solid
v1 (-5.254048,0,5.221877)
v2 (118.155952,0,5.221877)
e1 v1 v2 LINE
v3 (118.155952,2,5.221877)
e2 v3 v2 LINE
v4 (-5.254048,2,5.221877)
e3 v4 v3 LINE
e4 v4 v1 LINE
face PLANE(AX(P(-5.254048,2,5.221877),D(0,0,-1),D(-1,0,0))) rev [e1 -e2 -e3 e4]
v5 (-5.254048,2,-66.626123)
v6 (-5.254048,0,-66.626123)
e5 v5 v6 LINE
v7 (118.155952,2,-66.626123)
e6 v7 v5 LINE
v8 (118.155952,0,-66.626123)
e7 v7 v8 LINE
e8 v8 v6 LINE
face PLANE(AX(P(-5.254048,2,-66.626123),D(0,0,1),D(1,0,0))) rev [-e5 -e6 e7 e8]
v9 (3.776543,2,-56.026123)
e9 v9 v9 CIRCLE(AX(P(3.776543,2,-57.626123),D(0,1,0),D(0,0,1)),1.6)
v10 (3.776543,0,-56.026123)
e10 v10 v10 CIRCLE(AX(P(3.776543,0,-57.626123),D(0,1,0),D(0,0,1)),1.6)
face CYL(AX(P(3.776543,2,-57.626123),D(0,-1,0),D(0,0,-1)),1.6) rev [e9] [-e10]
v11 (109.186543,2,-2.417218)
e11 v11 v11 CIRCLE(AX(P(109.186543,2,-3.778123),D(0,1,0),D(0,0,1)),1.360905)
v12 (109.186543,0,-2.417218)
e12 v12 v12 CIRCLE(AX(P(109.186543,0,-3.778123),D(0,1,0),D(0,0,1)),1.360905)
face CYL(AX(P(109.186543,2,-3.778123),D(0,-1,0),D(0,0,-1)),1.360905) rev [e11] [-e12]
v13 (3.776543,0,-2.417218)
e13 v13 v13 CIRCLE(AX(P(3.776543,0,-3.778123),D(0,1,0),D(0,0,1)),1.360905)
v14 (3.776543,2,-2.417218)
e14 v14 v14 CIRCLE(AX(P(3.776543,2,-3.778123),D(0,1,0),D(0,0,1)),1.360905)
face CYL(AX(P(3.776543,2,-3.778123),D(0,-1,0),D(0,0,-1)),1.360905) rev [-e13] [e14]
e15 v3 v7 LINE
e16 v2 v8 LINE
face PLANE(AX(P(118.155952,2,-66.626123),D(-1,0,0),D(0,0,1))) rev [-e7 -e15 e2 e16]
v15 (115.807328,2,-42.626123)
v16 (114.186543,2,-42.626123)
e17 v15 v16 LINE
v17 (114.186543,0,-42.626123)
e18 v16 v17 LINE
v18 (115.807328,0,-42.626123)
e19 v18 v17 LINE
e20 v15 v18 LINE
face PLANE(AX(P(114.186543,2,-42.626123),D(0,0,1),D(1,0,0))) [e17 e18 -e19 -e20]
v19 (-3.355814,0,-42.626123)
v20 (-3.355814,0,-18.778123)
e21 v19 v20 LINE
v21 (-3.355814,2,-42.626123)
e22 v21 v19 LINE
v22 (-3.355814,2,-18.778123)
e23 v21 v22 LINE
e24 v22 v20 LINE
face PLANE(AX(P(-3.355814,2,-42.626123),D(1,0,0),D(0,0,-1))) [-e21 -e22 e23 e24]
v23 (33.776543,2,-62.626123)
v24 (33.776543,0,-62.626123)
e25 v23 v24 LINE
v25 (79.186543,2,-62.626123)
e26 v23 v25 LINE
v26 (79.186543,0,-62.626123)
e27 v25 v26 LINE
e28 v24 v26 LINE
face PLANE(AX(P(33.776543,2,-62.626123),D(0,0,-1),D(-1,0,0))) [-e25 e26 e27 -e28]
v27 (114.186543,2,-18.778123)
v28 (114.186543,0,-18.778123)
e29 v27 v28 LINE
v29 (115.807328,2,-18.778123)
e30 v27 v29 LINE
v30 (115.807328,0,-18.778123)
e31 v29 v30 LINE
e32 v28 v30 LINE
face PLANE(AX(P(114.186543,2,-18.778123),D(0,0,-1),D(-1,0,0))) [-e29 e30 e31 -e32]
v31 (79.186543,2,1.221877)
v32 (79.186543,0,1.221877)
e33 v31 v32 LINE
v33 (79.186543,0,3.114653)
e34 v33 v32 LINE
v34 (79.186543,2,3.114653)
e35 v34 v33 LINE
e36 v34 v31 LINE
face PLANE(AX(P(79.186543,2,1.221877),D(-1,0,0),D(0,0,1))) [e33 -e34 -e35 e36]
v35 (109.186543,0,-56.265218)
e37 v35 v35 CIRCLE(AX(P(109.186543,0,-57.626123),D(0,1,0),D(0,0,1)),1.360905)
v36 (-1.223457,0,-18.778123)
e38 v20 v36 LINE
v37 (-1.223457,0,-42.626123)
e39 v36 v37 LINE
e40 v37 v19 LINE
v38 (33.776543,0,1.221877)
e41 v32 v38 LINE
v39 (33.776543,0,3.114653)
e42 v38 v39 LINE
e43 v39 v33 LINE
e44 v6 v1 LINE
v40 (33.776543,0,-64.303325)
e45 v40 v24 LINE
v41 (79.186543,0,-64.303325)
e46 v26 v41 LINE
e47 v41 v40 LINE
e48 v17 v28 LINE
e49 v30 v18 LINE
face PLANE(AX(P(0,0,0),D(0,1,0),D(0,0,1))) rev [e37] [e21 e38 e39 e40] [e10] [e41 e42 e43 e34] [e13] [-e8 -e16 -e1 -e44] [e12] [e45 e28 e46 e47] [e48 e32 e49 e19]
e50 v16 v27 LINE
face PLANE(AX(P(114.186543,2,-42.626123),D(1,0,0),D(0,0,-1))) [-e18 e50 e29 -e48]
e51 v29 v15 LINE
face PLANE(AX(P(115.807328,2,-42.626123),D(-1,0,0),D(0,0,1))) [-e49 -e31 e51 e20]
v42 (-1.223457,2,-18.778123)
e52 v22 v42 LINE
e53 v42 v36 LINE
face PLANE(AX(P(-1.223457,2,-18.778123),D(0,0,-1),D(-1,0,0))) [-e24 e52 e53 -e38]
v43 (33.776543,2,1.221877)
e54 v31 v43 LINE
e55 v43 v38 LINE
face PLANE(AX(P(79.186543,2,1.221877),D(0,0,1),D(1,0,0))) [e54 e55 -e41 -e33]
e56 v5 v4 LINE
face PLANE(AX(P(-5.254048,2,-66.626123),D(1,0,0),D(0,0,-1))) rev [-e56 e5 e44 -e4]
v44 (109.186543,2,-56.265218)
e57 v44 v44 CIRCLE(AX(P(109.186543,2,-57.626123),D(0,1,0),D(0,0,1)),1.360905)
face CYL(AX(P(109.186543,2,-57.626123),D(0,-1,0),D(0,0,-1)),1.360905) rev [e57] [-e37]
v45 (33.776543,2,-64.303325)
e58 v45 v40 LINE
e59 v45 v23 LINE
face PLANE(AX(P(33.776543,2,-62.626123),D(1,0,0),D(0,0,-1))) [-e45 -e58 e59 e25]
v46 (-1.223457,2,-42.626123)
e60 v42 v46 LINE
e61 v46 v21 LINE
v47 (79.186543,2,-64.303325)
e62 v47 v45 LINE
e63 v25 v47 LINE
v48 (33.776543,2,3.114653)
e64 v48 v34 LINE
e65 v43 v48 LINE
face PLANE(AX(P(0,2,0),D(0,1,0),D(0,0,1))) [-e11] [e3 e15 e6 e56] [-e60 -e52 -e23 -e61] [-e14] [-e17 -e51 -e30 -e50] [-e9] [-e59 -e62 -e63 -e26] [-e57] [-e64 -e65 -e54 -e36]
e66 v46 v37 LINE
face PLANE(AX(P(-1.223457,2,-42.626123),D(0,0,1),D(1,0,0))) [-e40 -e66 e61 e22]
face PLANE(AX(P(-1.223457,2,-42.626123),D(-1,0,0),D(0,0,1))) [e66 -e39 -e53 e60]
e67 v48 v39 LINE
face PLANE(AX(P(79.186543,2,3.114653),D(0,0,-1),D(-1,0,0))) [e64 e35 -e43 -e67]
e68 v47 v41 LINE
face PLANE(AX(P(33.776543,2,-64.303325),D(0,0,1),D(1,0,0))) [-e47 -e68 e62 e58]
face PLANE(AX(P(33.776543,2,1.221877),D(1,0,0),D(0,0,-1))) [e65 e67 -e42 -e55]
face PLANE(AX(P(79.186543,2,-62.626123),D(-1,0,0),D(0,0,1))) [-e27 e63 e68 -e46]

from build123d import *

# Parameters (mm, degrees)
SKETCH2_W           = 123.41
SKETCH2_H           = 71.848
SKETCH2_R           = 1.360904611
SKETCH2_R_2         = 1.6
SKETCH2_W_2         = 2.132357215
SKETCH2_H_2         = 23.848
SKETCH2_W_3         = 45.41
SKETCH2_H_3         = 1.677202247
SKETCH2_W_4         = 1.620785214
SKETCH2_H_4         = 1.892776038
BOSS_EXTRUDE1_DEPTH = 2


with BuildPart() as part:
    # Sketch2 → Boss-Extrude1 (new body)
    with BuildSketch(Plane(origin=(0, 0, 0), x_dir=(1, 0, 0), z_dir=(0, 1, 0))):
        with Locations((56.450952339, 30.702122774)):
            Rectangle(SKETCH2_W, SKETCH2_H)
        with Locations(Location((3.77654317, 3.778122774, 0), (0, 0, 270))):
            Circle(SKETCH2_R, mode=Mode.SUBTRACT)
        with Locations(Location((109.18654317, 3.778122774, 0), (0, 0, 270))):
            Circle(SKETCH2_R, mode=Mode.SUBTRACT)
        with Locations(Location((3.77654317, 57.626122774, 0), (0, 0, 270))):
            Circle(SKETCH2_R_2, mode=Mode.SUBTRACT)
        with Locations(Location((109.18654317, 57.626122774, 0), (0, 0, 270))):
            Circle(SKETCH2_R, mode=Mode.SUBTRACT)
        with Locations((-2.289635438, 30.702122774)):
            Rectangle(SKETCH2_W_2, SKETCH2_H_2, mode=Mode.SUBTRACT)
        with Locations((56.48154317, 63.464723898)):
            Rectangle(SKETCH2_W_3, SKETCH2_H_3, mode=Mode.SUBTRACT)
        with Locations((114.996935777, 30.702122774)):
            Rectangle(SKETCH2_W_4, SKETCH2_H_2, mode=Mode.SUBTRACT)
        with Locations((56.48154317, -2.168265245)):
            Rectangle(SKETCH2_W_3, SKETCH2_H_4, mode=Mode.SUBTRACT)
    extrude(amount=BOSS_EXTRUDE1_DEPTH)


solid = part.part
